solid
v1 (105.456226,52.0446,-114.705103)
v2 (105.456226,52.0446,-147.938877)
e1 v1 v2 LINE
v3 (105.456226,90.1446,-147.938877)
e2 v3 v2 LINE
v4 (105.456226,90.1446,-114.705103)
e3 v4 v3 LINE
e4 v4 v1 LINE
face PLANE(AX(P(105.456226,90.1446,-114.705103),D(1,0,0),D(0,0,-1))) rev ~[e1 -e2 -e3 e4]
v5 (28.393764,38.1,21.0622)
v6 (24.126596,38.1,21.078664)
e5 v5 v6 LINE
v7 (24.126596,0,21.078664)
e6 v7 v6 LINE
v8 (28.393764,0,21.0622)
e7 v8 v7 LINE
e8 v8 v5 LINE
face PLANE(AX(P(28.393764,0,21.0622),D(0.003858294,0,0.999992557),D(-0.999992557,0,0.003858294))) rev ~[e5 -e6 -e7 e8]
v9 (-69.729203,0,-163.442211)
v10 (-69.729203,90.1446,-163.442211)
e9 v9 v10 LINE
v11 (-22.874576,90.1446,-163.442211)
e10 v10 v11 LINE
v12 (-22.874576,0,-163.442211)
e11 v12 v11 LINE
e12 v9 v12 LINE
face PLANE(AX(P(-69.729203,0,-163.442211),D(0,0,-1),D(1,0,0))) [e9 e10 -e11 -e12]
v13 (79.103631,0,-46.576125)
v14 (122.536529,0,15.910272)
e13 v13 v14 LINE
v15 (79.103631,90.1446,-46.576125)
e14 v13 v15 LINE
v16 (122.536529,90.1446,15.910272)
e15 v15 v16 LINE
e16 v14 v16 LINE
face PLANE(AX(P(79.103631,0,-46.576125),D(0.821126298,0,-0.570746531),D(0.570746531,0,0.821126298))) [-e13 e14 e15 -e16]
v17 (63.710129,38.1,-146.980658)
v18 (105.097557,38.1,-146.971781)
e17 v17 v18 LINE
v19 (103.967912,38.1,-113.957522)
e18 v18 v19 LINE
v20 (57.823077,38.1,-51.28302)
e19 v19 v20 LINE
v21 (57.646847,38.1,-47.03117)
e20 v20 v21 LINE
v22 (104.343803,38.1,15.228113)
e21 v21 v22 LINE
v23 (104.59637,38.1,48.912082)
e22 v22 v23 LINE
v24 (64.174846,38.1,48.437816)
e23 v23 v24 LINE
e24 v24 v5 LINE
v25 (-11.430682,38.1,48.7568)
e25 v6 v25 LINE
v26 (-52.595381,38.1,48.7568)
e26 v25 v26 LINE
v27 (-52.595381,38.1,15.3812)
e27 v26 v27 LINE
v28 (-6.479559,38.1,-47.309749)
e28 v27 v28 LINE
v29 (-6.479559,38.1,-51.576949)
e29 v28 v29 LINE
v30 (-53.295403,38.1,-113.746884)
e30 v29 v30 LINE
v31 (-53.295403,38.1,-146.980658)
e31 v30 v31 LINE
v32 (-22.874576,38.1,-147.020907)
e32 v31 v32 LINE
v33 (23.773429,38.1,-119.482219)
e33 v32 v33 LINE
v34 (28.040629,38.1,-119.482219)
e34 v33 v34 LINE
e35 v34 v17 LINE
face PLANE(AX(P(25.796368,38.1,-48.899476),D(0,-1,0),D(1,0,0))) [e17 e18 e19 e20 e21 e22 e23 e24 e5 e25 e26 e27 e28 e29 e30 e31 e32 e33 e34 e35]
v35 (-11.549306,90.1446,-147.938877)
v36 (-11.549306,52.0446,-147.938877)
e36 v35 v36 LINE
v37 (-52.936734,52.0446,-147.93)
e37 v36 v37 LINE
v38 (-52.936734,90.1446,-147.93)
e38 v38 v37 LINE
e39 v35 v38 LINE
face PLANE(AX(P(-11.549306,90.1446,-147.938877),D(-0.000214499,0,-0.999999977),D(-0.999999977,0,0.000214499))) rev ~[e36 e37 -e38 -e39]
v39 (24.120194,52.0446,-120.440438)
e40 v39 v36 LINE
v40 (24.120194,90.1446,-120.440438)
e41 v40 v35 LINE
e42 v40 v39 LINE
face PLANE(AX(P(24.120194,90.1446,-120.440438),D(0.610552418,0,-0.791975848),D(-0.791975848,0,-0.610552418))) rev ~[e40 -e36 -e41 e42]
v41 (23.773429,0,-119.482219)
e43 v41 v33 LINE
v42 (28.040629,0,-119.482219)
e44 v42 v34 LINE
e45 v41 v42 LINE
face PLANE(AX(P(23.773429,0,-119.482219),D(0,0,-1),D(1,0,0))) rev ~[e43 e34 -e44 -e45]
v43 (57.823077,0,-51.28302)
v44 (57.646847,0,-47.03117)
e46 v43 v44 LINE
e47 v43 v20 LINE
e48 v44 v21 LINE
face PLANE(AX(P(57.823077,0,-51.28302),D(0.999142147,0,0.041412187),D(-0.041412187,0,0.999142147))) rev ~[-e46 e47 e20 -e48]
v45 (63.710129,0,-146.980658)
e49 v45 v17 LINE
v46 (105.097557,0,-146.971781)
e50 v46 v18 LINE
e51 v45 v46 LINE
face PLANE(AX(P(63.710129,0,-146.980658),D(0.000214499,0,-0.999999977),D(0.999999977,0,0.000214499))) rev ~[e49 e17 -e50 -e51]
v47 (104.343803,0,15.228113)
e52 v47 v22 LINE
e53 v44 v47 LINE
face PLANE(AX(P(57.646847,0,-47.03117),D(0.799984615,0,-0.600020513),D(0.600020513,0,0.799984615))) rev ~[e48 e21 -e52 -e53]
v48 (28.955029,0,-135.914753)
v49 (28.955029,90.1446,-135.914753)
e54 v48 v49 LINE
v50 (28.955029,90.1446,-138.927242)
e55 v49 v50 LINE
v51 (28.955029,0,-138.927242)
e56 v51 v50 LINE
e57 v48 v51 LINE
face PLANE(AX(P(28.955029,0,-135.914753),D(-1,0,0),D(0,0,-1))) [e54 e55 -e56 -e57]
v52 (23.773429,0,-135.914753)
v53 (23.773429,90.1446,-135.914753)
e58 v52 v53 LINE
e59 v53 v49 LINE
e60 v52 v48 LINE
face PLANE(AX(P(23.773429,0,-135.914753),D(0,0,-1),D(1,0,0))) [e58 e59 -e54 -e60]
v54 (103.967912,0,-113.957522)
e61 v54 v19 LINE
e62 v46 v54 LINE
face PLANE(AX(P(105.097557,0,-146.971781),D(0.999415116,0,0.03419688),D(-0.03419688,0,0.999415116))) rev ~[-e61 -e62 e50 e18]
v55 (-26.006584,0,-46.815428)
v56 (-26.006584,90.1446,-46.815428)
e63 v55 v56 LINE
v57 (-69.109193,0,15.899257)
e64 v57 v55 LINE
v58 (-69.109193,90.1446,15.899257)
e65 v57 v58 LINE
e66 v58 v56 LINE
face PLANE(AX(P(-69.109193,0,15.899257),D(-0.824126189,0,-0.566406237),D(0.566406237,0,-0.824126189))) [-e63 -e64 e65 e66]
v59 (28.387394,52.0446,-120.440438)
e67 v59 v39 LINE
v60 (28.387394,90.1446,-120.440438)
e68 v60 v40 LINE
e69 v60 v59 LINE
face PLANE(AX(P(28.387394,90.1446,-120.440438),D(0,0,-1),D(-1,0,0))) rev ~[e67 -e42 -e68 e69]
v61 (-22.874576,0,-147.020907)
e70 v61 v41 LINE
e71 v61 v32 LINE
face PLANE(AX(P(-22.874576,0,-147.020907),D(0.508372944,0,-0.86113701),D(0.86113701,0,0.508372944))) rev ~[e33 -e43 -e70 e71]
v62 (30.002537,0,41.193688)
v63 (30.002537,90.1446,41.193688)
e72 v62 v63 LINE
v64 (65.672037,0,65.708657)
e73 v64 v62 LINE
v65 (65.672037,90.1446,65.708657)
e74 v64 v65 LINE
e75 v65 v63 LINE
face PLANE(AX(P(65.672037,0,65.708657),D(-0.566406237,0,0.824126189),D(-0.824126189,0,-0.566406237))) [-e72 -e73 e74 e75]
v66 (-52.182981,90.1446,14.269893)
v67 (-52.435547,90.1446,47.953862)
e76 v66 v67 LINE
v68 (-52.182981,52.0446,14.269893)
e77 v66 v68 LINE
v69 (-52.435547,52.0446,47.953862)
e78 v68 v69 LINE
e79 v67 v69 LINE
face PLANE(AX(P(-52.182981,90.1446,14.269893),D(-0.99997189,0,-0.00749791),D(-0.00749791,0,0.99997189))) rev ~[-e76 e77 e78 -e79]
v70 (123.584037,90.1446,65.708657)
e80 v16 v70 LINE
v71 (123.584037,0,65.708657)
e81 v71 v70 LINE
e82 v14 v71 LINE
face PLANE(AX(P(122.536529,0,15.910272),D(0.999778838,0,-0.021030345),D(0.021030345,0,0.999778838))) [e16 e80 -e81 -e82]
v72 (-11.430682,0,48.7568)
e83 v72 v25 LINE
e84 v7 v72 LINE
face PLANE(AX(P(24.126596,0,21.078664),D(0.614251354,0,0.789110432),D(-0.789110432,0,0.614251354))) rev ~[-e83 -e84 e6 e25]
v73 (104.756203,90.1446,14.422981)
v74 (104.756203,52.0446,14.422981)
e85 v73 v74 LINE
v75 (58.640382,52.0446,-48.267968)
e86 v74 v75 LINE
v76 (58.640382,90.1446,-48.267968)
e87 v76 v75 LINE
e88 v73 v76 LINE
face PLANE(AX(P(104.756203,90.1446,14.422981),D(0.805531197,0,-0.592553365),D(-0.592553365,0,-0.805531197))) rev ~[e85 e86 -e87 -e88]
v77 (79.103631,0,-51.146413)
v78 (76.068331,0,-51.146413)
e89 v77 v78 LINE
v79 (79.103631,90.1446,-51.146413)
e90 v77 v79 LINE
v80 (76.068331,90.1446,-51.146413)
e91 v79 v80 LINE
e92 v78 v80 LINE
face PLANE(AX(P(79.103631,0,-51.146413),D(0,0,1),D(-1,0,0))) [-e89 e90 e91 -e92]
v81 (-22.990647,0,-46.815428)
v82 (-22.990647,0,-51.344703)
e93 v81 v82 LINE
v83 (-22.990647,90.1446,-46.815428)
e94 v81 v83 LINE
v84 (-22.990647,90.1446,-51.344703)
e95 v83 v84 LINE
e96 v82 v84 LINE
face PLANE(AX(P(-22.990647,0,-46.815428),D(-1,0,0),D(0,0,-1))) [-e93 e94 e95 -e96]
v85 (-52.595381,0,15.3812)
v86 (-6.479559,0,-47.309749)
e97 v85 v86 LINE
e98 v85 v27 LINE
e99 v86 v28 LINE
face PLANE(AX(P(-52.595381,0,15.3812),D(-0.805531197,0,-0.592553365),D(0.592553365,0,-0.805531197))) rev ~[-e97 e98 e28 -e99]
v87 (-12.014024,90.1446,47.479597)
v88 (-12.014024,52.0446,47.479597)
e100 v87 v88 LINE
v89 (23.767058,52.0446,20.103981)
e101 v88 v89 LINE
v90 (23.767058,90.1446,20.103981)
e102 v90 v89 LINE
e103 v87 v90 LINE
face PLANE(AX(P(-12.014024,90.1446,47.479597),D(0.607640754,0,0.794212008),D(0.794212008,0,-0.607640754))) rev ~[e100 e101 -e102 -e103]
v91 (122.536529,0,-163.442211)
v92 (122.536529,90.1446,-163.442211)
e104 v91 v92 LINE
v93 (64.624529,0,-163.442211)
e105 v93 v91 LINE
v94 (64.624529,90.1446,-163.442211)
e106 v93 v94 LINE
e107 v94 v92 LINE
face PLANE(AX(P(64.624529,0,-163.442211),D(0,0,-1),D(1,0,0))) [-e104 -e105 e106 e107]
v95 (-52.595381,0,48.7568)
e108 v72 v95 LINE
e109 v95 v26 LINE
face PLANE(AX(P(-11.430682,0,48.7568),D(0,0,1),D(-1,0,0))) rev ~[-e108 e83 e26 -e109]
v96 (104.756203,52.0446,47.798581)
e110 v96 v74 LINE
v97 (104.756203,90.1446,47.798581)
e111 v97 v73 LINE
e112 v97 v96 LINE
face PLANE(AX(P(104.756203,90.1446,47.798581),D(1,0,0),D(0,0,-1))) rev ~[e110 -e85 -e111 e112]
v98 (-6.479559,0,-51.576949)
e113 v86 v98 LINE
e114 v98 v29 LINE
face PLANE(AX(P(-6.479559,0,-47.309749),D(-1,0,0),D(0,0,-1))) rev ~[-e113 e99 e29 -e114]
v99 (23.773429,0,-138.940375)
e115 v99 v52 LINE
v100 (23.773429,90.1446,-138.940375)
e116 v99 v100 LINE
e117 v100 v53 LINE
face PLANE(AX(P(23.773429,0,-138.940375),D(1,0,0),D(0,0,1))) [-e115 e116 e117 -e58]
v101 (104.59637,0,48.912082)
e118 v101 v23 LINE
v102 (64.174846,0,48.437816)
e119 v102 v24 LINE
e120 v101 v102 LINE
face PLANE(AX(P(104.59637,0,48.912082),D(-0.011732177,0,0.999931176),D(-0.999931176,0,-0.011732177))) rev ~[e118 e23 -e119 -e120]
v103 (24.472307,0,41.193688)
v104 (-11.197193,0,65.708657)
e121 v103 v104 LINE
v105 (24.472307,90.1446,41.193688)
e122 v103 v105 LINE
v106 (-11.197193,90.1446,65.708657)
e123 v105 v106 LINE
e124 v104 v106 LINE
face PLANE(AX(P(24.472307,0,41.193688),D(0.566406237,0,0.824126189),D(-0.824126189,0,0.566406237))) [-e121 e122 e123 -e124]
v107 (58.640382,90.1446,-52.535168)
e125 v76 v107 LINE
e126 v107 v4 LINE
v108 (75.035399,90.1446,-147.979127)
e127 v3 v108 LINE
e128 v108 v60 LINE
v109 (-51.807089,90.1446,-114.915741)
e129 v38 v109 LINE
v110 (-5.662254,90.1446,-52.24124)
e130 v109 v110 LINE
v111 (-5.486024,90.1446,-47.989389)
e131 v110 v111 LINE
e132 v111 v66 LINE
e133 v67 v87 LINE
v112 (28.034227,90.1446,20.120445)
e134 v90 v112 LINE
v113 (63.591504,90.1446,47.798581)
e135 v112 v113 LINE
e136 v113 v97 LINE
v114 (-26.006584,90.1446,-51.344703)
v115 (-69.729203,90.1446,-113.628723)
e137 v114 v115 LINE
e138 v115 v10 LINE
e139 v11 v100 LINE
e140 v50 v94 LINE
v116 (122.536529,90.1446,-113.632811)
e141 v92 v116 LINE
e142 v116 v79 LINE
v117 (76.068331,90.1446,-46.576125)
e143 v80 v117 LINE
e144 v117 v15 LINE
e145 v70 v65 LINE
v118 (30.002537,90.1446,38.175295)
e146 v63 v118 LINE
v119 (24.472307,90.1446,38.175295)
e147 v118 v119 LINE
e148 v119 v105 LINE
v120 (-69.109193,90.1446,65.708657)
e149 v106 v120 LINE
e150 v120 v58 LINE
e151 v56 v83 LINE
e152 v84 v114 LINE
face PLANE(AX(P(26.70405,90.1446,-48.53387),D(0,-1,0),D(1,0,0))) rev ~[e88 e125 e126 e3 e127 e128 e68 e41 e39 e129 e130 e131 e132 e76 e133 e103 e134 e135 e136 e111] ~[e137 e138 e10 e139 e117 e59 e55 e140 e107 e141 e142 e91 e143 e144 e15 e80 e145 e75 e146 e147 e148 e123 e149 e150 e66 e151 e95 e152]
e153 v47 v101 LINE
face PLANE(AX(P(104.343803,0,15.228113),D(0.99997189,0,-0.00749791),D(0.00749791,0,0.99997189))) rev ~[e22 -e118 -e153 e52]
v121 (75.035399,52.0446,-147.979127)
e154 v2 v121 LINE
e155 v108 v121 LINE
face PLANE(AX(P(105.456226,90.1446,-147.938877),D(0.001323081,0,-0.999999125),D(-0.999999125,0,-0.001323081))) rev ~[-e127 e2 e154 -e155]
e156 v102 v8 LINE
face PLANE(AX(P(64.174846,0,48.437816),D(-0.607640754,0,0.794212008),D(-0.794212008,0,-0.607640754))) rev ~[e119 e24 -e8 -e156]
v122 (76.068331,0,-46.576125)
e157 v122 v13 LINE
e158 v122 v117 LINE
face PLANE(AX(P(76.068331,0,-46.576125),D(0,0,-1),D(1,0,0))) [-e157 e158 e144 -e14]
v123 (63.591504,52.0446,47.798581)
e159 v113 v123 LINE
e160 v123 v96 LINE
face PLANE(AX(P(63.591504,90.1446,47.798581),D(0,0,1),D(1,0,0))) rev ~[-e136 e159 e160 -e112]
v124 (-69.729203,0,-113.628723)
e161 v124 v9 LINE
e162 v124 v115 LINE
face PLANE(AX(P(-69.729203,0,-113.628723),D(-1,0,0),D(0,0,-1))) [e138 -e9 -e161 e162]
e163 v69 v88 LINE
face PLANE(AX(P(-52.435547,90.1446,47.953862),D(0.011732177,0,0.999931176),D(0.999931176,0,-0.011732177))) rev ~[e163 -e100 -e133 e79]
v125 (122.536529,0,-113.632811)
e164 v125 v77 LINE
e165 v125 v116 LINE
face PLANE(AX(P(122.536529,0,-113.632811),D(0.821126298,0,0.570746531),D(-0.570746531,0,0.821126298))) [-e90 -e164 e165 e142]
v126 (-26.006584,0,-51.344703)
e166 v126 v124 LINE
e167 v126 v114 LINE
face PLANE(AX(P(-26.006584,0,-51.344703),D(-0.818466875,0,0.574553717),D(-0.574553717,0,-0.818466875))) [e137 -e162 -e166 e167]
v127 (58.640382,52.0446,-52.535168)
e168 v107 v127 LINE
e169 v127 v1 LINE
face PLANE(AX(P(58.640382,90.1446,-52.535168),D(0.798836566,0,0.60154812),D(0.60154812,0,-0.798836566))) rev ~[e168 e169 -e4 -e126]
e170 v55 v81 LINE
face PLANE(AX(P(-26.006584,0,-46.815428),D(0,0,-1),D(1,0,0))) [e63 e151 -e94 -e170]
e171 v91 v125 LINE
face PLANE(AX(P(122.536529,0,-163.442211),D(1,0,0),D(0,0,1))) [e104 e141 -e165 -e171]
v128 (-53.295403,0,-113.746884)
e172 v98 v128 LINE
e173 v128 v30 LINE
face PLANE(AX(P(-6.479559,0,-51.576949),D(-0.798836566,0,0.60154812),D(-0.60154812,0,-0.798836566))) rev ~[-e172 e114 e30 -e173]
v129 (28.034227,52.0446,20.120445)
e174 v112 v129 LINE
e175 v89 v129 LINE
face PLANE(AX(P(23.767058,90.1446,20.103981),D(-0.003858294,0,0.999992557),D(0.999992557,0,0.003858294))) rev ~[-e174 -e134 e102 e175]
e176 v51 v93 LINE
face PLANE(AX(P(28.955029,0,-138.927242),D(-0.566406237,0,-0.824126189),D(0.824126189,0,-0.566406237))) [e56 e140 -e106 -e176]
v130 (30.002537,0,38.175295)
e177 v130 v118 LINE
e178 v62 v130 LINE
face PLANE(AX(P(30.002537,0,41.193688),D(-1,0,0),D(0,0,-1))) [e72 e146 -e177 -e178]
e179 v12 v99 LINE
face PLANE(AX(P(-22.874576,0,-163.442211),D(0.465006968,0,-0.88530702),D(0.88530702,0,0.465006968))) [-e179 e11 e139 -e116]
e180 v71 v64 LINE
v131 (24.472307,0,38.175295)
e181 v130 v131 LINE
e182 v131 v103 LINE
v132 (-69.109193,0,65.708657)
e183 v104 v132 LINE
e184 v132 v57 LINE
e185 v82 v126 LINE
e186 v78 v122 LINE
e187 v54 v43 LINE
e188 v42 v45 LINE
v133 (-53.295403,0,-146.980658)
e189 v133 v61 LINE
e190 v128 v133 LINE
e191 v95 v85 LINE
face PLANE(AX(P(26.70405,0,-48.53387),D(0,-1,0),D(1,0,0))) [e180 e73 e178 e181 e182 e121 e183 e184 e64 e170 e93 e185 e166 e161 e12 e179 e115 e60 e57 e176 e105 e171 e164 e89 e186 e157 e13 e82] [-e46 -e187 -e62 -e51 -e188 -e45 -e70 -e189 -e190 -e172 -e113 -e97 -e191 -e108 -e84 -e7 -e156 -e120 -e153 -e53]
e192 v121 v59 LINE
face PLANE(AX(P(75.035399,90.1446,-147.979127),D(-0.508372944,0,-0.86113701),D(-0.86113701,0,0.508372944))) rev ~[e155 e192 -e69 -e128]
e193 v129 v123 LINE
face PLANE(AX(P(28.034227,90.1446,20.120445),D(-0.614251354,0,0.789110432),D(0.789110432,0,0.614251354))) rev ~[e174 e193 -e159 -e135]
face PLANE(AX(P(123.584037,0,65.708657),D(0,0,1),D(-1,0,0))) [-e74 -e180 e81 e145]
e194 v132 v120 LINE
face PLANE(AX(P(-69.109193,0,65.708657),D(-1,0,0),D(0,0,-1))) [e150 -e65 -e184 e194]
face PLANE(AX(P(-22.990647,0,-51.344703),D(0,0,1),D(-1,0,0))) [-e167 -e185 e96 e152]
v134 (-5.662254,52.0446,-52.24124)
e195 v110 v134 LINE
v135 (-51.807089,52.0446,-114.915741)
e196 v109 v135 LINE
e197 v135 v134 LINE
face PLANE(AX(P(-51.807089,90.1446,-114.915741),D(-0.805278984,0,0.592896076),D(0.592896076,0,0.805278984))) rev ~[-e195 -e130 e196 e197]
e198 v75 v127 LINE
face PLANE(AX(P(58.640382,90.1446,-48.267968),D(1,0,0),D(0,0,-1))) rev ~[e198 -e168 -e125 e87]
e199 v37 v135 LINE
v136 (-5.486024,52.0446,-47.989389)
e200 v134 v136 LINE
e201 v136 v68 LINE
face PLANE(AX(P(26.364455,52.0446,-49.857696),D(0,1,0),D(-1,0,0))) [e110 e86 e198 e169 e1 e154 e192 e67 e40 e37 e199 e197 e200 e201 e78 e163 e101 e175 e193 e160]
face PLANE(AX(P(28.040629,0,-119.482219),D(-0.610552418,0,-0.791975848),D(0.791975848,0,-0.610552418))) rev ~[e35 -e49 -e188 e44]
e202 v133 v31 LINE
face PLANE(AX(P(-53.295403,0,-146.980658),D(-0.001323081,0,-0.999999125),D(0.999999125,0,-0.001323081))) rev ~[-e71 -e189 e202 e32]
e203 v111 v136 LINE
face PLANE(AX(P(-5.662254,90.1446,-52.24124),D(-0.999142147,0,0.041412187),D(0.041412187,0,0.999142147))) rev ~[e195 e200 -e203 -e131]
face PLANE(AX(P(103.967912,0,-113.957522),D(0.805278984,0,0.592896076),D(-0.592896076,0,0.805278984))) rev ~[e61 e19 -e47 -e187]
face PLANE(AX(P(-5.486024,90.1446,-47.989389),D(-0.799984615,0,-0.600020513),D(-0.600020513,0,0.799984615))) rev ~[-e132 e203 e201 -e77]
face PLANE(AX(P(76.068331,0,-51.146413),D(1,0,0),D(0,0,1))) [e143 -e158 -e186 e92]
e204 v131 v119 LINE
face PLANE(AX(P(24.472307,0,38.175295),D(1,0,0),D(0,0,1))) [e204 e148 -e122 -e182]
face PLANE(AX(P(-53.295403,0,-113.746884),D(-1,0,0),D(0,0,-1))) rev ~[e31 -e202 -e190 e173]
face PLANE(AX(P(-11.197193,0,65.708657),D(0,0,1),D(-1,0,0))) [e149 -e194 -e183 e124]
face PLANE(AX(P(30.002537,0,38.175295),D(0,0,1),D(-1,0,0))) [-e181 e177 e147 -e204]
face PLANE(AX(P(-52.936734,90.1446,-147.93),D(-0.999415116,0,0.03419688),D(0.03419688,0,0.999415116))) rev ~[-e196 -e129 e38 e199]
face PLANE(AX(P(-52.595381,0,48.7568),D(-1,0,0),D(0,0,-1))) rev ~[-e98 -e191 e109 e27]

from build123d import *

# Parameters (mm, degrees)
F1_DEPTH = 90.1446
F4_DEPTH = 38.1
F7_DEPTH = 38.1


with BuildPart() as f1:
    # F0 (on Front) → F1 (new body)
    with BuildSketch(Plane.XZ):
        Polygon((-11.1971926081, 65.7086565368), (-69.1091926081, 65.7086565368), (-69.1091926081, 15.8992565368), (-26.0065842281, -46.8154278155), (-22.9906474179, -46.8154278155), (-22.9906474179, -51.3447030535), (-26.0065842281, -51.3447030535), (-69.729202812, -113.6287227273), (-69.729202812, -163.4422105699), (-22.8745764246, -163.4422105699), (23.7734285709, -138.940374625), (23.7734285709, -135.9147534492), (28.9550285709, -135.9147534492), (28.9550285709, -138.9272423858), (64.6245286164, -163.4422105699), (122.5365286164, -163.4422105699), (122.5365286164, -113.6328105699), (79.1036308243, -51.1464130746), (76.0683308243, -51.1464130746), (76.0683308243, -46.5761250044), (79.1036308243, -46.5761250044), (122.5365286164, 15.9102724908), (123.5840374592, 65.7086565368), (65.6720374592, 65.7086565368), (30.0025374137, 41.1936883527), (30.0025374137, 38.175295005), (24.4723074374, 38.175295005), (24.4723074374, 41.1936883527), align=None)
    extrude(amount=-F1_DEPTH)

    # F3 (on offset) → F4 (cut)
    with BuildSketch(Plane.XZ):
        Polygon((-6.4795594404, -51.5769487249), (-53.295402812, -113.7468837801), (-53.295402812, -146.9806581736), (-22.8745764246, -147.0209074169), (23.7734285709, -119.4822192192), (28.0406285709, -119.4822192192), (63.7101286164, -146.9806581736), (105.0975570712, -146.9717806065), (103.9679117275, -113.9575218417), (57.8230765612, -51.2830203653), (57.6468469615, -47.0311700371), (104.3438033673, 15.2281126267), (104.5963698348, 48.9120816117), (64.1748463129, 48.43781649), (28.3937643672, 21.0621996767), (24.126596129, 21.0786637873), (-11.4306816807, 48.7568000231), (-52.5953805913, 48.7568000231), (-52.5953805913, 15.3812000231), (-6.4795594404, -47.3097487249), align=None)
    extrude(amount=-F4_DEPTH, mode=Mode.SUBTRACT)

    # F6 (on offset) → F7 (cut)
    with BuildSketch(Plane(origin=(0, 90.1446, 0), x_dir=(-1, 0, 0), z_dir=(0, 1, 0))):
        Polygon((-58.6403822024, -52.5351678955), (-105.456225574, -114.7051029507), (-105.456225574, -147.9388773441), (-75.0353991867, -147.9791265874), (-28.3873941911, -120.4404383898), (-24.1201941911, -120.4404383898), (11.5493058543, -147.9388773441), (52.9367343092, -147.9299997771), (51.8070889654, -114.9157410123), (5.6622537992, -52.2412395359), (5.4860241995, -47.9893892076), (52.1829806052, 14.2698934561), (52.4355470727, 47.9538624411), (12.0140235509, 47.4795973194), (-23.7670583948, 20.1039805062), (-28.034226633, 20.1204446167), (-63.5915044428, 47.7985808526), (-104.7562033534, 47.7985808526), (-104.7562033534, 14.4229808526), (-58.6403822024, -48.2679678955), align=None)
    extrude(amount=-F7_DEPTH, mode=Mode.SUBTRACT)


solid = f1.part
